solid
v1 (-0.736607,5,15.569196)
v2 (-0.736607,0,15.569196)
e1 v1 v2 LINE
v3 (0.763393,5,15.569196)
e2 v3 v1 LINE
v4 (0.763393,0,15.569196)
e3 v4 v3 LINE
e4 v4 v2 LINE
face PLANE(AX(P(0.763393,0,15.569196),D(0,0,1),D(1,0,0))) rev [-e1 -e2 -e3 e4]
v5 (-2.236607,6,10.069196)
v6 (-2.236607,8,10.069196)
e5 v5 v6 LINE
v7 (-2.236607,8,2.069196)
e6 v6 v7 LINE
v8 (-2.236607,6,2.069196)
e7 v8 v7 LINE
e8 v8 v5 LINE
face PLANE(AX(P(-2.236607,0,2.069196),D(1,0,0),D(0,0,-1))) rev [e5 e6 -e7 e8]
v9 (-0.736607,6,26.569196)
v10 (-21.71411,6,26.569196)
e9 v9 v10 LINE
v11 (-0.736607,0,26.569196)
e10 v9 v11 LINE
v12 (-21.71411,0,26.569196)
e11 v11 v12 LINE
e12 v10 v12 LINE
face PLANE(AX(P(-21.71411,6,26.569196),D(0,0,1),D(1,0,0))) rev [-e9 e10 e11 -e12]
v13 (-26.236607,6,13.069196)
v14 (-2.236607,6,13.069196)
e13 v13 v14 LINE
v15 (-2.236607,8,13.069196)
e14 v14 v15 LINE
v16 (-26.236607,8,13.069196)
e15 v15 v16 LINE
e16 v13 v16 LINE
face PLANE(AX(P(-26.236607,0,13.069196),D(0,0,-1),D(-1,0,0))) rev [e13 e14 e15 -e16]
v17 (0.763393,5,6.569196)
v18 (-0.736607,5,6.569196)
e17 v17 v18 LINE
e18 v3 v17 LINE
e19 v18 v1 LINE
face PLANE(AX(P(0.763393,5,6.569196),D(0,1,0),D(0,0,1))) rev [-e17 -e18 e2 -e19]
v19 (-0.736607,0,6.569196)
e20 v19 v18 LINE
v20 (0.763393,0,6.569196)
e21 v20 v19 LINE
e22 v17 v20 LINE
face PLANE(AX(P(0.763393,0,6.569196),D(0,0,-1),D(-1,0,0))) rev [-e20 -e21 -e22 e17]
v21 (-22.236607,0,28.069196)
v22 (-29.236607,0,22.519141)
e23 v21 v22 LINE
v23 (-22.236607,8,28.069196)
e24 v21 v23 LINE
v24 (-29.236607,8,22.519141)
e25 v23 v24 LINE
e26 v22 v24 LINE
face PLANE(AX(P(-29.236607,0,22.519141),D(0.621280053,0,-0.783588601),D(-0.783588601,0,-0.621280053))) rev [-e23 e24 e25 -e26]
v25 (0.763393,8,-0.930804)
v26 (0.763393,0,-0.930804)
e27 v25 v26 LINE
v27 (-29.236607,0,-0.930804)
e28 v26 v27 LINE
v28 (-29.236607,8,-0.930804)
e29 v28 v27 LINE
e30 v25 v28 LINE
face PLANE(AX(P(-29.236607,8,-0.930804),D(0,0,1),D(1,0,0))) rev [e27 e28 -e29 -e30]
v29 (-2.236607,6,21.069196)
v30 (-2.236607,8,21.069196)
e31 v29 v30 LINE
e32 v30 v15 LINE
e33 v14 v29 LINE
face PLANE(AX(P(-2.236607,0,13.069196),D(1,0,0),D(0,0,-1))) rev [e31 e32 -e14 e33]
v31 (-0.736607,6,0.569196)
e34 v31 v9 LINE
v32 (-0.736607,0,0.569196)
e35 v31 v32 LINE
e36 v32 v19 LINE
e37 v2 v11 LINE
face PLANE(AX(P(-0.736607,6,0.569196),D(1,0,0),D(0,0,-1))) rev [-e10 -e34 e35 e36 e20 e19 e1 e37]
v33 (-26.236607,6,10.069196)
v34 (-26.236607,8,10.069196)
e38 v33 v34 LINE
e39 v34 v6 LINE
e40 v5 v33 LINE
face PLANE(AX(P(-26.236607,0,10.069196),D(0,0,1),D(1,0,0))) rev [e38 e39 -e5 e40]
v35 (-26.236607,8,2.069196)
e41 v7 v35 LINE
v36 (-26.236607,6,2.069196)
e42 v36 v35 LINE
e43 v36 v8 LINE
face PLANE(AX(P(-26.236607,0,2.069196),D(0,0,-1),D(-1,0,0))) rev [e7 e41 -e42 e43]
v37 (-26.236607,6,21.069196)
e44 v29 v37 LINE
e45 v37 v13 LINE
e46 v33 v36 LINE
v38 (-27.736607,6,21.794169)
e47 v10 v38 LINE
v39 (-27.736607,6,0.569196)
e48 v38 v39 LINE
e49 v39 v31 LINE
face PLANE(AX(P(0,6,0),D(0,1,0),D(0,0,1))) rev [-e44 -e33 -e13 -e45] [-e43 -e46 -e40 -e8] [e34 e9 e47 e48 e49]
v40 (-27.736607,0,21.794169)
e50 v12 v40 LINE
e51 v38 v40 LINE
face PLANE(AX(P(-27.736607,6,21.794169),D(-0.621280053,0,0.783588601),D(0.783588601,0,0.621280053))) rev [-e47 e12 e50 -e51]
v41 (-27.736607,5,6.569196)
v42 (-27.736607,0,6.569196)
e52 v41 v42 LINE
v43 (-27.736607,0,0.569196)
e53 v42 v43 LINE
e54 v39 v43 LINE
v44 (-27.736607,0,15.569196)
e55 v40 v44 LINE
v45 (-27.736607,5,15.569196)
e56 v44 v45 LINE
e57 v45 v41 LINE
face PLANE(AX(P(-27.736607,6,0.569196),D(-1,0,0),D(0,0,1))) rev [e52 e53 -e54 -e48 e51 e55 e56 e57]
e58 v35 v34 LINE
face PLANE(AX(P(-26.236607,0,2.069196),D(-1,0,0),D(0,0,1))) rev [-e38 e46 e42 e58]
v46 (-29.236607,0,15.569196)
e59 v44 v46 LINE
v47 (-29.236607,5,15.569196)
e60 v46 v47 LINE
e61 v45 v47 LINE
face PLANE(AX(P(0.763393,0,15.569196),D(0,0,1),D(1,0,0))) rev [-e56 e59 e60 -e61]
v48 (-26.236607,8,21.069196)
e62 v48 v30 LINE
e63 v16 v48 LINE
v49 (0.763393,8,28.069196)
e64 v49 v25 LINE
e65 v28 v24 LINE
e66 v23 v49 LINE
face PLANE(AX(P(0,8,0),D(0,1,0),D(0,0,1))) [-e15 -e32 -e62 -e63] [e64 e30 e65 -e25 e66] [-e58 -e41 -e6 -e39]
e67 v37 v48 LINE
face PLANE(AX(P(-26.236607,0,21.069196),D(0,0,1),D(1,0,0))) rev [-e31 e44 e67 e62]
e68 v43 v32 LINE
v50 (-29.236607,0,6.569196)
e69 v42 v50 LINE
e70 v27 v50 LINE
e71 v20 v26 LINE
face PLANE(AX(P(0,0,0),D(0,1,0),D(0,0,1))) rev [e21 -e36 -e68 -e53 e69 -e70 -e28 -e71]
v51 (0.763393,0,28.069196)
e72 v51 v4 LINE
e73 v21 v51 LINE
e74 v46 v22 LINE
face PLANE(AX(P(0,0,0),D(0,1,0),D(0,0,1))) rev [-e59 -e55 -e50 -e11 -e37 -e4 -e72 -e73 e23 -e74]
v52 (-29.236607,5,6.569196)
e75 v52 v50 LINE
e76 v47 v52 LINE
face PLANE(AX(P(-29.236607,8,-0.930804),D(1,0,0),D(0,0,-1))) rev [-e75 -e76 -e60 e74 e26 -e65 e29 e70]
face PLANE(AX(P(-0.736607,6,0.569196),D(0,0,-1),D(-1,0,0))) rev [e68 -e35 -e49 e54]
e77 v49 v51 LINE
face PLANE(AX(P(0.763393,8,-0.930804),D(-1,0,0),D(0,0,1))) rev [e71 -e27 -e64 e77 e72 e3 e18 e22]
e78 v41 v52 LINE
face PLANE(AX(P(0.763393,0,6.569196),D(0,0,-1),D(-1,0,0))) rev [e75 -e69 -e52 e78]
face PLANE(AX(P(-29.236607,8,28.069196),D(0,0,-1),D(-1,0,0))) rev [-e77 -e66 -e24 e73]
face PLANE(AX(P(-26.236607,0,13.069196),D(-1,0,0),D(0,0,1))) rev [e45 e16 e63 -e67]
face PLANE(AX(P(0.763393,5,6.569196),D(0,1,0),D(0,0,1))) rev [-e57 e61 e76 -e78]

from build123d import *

# Parameters (mm, degrees)
SKETCH1_W           = 30
SKETCH1_H           = 29
BOSS_EXTRUDE1_DEPTH = 8
SKETCH2_W           = 24
SKETCH2_H           = 8
CUT_EXTRUDE1_DEPTH  = 8
CUT_EXTRUDE2_DEPTH  = 8
CUT_EXTRUDE3_DEPTH  = 6
BELT_CUTOUT_W       = 9
BELT_CUTOUT_H       = 5
CUT_EXTRUDE4_DEPTH  = 30


with BuildPart() as part:
    # Sketch1 → Boss-Extrude1 (new body)
    with BuildSketch(Plane(origin=(0, 0, 0), x_dir=(1, 0, 0), z_dir=(0, 1, 0))):
        with Locations((-14.236607143, -13.569196429)):
            Rectangle(SKETCH1_W, SKETCH1_H)
    extrude(amount=BOSS_EXTRUDE1_DEPTH)

    # Sketch2 → Cut-Extrude1 (cut)
    with BuildSketch(Plane(origin=(0, 8, 0), x_dir=(1, 0, 0), z_dir=(0, 1, 0))):
        with Locations((-14.236607143, -6.069196429)):
            Rectangle(SKETCH2_W, SKETCH2_H)
        with Locations((-14.236607143, -17.069196429)):
            Rectangle(SKETCH2_W, SKETCH2_H)
    extrude(amount=-CUT_EXTRUDE1_DEPTH, mode=Mode.SUBTRACT)

    # Sketch3 → Cut-Extrude2 (cut)
    with BuildSketch(Plane(origin=(0, 8, 0), x_dir=(1, 0, 0), z_dir=(0, 1, 0))):
        Polygon((-29.236607143, -22.519140749), (-22.236607143, -28.069196429), (-29.236607143, -28.069196429), align=None)
    extrude(amount=-CUT_EXTRUDE2_DEPTH, mode=Mode.SUBTRACT)

    # cutout → Cut-Extrude3 (cut)
    with BuildSketch(Plane.XZ):
        Polygon((-0.736607143, 0.569196429), (-27.736607143, 0.569196429), (-27.736607143, 21.794168589), (-21.714109927, 26.569196429), (-0.736607143, 26.569196429), align=None)
    extrude(amount=-CUT_EXTRUDE3_DEPTH, mode=Mode.SUBTRACT)

    # belt_cutout → Cut-Extrude4 (cut)
    with BuildSketch(Plane.ZY.offset(29.236607143)):
        with Locations((11.069196429, 2.5)):
            Rectangle(BELT_CUTOUT_W, BELT_CUTOUT_H)
    extrude(amount=-CUT_EXTRUDE4_DEPTH, mode=Mode.SUBTRACT)


solid = part.part
